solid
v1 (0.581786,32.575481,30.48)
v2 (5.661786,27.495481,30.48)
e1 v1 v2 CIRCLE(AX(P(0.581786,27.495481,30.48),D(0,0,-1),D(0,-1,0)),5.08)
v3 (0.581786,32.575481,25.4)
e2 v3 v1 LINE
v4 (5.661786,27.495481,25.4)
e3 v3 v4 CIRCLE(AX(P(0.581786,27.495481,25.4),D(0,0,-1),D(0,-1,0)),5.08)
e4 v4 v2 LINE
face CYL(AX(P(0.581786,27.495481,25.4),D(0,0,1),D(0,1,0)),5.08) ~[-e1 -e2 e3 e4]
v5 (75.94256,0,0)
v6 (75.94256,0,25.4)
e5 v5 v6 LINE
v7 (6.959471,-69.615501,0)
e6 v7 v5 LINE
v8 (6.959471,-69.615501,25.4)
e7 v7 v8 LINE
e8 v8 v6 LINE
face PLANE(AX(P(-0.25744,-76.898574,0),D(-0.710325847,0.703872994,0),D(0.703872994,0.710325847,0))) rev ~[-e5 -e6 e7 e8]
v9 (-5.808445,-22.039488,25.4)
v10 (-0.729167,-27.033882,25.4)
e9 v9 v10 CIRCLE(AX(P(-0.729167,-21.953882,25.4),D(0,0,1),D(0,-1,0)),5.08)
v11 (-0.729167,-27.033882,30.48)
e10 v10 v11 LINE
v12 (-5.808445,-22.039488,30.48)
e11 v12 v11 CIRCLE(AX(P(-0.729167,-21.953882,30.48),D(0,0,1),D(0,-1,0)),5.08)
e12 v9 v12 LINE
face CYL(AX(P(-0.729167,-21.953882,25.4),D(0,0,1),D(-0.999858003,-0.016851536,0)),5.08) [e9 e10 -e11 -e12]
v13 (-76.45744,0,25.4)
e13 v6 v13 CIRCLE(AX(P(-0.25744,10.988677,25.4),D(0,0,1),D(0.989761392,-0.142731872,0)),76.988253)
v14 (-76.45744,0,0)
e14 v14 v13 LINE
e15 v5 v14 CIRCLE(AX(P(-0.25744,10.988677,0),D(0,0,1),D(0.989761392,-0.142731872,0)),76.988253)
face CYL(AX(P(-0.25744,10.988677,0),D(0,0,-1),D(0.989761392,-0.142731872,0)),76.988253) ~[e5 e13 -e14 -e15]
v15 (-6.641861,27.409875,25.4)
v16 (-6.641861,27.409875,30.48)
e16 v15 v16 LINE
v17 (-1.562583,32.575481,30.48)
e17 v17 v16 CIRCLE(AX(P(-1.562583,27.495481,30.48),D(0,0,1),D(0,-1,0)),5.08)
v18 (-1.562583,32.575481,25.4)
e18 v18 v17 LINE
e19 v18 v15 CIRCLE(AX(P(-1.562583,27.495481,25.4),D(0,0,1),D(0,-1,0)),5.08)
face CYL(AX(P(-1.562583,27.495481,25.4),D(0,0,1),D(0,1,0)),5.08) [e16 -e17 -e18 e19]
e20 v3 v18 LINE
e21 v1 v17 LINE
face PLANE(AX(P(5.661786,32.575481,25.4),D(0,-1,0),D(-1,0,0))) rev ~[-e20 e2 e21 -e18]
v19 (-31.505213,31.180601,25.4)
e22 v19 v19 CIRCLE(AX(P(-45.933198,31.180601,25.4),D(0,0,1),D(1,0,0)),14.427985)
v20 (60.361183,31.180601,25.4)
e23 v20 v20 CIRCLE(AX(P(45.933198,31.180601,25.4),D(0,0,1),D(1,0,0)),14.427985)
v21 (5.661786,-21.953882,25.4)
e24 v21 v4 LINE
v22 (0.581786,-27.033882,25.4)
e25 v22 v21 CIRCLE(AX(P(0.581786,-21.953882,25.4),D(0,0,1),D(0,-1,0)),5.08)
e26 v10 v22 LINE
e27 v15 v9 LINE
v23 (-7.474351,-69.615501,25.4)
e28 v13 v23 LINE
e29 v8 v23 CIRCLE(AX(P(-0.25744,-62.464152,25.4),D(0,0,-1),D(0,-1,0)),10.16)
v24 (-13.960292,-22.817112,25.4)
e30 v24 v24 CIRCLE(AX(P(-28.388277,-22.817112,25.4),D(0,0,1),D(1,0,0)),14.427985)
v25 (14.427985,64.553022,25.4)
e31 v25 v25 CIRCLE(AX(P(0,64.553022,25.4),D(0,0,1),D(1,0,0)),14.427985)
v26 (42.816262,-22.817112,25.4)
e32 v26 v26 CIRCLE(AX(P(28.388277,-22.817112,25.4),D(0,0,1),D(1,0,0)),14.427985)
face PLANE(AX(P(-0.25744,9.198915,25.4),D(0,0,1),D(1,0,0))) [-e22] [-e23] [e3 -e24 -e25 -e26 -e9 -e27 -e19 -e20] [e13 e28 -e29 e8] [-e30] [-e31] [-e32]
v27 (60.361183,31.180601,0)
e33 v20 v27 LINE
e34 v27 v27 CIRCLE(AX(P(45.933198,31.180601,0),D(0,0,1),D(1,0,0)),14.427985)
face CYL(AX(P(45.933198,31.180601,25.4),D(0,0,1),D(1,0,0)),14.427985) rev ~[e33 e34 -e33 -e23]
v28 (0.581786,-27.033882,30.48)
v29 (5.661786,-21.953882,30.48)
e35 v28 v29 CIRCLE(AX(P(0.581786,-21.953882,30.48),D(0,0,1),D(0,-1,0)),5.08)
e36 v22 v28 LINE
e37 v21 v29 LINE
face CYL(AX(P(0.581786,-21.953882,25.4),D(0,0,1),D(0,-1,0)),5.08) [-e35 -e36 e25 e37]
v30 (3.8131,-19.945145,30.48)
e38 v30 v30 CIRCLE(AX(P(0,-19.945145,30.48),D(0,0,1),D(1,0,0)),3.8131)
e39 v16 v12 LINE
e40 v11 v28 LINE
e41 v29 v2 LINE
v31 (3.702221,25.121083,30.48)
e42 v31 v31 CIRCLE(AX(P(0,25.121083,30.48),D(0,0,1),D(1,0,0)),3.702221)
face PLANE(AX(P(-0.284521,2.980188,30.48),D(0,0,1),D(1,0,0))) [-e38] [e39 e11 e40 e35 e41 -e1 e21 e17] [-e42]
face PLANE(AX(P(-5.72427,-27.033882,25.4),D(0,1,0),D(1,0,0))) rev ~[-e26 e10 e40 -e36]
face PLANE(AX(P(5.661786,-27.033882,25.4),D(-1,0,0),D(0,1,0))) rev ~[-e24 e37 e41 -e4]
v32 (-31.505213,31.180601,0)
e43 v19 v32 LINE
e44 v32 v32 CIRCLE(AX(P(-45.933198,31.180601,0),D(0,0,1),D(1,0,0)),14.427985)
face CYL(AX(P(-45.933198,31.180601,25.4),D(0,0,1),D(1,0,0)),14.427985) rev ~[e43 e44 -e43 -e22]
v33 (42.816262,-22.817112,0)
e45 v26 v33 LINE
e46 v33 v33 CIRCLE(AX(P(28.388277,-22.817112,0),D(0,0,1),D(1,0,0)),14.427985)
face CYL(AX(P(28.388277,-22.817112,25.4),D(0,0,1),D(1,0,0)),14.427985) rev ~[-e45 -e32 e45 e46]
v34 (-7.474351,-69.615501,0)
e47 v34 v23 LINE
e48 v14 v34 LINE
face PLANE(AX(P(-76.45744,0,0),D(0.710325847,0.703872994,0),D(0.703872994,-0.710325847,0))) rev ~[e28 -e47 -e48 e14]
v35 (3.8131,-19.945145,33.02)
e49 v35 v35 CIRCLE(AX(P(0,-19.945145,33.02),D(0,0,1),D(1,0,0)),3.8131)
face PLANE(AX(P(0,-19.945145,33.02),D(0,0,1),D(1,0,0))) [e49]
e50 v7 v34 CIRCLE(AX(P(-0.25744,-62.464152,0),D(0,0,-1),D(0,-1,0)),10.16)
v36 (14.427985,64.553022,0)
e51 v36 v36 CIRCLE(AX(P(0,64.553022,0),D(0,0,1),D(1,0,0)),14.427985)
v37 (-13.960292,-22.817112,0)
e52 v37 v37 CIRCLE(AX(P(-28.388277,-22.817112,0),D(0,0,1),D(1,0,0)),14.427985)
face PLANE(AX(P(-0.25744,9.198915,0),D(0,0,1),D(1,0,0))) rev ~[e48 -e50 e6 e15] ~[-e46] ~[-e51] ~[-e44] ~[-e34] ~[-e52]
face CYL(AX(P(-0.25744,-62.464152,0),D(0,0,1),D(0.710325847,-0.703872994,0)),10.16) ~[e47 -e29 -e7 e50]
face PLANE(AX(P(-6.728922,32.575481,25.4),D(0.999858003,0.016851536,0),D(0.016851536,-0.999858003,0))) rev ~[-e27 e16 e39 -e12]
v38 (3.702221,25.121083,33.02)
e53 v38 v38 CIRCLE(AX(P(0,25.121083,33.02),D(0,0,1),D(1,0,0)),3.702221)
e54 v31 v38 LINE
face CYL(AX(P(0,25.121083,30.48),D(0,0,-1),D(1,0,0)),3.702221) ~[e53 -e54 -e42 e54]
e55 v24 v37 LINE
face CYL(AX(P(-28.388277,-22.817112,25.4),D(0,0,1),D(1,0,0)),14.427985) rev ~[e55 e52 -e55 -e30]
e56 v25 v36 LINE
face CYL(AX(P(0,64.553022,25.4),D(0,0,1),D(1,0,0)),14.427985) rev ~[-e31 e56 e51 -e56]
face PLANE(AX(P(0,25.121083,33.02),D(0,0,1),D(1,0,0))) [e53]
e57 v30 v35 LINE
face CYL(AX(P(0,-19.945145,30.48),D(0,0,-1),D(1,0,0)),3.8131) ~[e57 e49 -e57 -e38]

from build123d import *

# Parameters (mm, degrees)
F1_DEPTH = 25.4
F2_R     = 10.16
F3_R     = 14.427985
F4_DEPTH = 25.401
F6_DEPTH = 5.08
F7_R     = 3.702221
F7_R_2   = 3.8131
F8_DEPTH = 2.54
F9_R     = 5.08


with BuildPart() as f1:
    # F0 (on Top) → F1 (new body)
    with BuildSketch(Plane.XY):
        with BuildLine():
            Line((-0.25744, -76.898574), (75.94256, 0))
            ThreePointArc((75.94256, 0), (-0.25744, 87.97693), (-76.45744, 0))
            Line((-76.45744, 0), (-0.25744, -76.898574))
        make_face()
    extrude(amount=F1_DEPTH)

    # F2
    f2_edges = [f1.edges().sort_by_distance(p)[0] for p in [
        (-0.25744, -76.898574, 12.7),
    ]]
    fillet(f2_edges, radius=F2_R)

    # F3 (on face) → F4 (cut, through all)
    with BuildSketch(Plane.XY.offset(25.4)):
        with Locations((0, 64.553022)):
            Circle(F3_R)
        with Locations((-45.933198, 31.180601)):
            Circle(F3_R)
        with Locations((-28.388277, -22.817112)):
            Circle(F3_R)
        with Locations((28.388277, -22.817112)):
            Circle(F3_R)
        with Locations((45.933198, 31.180601)):
            Circle(F3_R)
    extrude(amount=-F4_DEPTH, mode=Mode.SUBTRACT)

    # F5 (on face) → F6 (join)
    with BuildSketch(Plane.XY.offset(25.4)):
        Polygon((5.661786, 32.575481), (-6.728922, 32.575481), (-5.72427, -27.033882), (5.661786, -27.033882), align=None)
    extrude(amount=F6_DEPTH)

    # F7 (on face) → F8 (join)
    with BuildSketch(Plane.XY.offset(30.48)):
        with Locations((0, 25.121083)):
            Circle(F7_R)
        with Locations((0, -19.945145)):
            Circle(F7_R_2)
    extrude(amount=F8_DEPTH)

    # F9
    f9_edges = [f1.edges().sort_by_distance(p)[0] for p in [
        (-5.72427, -27.033882, 27.94),
        (5.661786, -27.033882, 27.94),
        (5.661786, 32.575481, 27.94),
        (-6.728922, 32.575481, 27.94),
    ]]
    fillet(f9_edges, radius=F9_R)


solid = f1.part
